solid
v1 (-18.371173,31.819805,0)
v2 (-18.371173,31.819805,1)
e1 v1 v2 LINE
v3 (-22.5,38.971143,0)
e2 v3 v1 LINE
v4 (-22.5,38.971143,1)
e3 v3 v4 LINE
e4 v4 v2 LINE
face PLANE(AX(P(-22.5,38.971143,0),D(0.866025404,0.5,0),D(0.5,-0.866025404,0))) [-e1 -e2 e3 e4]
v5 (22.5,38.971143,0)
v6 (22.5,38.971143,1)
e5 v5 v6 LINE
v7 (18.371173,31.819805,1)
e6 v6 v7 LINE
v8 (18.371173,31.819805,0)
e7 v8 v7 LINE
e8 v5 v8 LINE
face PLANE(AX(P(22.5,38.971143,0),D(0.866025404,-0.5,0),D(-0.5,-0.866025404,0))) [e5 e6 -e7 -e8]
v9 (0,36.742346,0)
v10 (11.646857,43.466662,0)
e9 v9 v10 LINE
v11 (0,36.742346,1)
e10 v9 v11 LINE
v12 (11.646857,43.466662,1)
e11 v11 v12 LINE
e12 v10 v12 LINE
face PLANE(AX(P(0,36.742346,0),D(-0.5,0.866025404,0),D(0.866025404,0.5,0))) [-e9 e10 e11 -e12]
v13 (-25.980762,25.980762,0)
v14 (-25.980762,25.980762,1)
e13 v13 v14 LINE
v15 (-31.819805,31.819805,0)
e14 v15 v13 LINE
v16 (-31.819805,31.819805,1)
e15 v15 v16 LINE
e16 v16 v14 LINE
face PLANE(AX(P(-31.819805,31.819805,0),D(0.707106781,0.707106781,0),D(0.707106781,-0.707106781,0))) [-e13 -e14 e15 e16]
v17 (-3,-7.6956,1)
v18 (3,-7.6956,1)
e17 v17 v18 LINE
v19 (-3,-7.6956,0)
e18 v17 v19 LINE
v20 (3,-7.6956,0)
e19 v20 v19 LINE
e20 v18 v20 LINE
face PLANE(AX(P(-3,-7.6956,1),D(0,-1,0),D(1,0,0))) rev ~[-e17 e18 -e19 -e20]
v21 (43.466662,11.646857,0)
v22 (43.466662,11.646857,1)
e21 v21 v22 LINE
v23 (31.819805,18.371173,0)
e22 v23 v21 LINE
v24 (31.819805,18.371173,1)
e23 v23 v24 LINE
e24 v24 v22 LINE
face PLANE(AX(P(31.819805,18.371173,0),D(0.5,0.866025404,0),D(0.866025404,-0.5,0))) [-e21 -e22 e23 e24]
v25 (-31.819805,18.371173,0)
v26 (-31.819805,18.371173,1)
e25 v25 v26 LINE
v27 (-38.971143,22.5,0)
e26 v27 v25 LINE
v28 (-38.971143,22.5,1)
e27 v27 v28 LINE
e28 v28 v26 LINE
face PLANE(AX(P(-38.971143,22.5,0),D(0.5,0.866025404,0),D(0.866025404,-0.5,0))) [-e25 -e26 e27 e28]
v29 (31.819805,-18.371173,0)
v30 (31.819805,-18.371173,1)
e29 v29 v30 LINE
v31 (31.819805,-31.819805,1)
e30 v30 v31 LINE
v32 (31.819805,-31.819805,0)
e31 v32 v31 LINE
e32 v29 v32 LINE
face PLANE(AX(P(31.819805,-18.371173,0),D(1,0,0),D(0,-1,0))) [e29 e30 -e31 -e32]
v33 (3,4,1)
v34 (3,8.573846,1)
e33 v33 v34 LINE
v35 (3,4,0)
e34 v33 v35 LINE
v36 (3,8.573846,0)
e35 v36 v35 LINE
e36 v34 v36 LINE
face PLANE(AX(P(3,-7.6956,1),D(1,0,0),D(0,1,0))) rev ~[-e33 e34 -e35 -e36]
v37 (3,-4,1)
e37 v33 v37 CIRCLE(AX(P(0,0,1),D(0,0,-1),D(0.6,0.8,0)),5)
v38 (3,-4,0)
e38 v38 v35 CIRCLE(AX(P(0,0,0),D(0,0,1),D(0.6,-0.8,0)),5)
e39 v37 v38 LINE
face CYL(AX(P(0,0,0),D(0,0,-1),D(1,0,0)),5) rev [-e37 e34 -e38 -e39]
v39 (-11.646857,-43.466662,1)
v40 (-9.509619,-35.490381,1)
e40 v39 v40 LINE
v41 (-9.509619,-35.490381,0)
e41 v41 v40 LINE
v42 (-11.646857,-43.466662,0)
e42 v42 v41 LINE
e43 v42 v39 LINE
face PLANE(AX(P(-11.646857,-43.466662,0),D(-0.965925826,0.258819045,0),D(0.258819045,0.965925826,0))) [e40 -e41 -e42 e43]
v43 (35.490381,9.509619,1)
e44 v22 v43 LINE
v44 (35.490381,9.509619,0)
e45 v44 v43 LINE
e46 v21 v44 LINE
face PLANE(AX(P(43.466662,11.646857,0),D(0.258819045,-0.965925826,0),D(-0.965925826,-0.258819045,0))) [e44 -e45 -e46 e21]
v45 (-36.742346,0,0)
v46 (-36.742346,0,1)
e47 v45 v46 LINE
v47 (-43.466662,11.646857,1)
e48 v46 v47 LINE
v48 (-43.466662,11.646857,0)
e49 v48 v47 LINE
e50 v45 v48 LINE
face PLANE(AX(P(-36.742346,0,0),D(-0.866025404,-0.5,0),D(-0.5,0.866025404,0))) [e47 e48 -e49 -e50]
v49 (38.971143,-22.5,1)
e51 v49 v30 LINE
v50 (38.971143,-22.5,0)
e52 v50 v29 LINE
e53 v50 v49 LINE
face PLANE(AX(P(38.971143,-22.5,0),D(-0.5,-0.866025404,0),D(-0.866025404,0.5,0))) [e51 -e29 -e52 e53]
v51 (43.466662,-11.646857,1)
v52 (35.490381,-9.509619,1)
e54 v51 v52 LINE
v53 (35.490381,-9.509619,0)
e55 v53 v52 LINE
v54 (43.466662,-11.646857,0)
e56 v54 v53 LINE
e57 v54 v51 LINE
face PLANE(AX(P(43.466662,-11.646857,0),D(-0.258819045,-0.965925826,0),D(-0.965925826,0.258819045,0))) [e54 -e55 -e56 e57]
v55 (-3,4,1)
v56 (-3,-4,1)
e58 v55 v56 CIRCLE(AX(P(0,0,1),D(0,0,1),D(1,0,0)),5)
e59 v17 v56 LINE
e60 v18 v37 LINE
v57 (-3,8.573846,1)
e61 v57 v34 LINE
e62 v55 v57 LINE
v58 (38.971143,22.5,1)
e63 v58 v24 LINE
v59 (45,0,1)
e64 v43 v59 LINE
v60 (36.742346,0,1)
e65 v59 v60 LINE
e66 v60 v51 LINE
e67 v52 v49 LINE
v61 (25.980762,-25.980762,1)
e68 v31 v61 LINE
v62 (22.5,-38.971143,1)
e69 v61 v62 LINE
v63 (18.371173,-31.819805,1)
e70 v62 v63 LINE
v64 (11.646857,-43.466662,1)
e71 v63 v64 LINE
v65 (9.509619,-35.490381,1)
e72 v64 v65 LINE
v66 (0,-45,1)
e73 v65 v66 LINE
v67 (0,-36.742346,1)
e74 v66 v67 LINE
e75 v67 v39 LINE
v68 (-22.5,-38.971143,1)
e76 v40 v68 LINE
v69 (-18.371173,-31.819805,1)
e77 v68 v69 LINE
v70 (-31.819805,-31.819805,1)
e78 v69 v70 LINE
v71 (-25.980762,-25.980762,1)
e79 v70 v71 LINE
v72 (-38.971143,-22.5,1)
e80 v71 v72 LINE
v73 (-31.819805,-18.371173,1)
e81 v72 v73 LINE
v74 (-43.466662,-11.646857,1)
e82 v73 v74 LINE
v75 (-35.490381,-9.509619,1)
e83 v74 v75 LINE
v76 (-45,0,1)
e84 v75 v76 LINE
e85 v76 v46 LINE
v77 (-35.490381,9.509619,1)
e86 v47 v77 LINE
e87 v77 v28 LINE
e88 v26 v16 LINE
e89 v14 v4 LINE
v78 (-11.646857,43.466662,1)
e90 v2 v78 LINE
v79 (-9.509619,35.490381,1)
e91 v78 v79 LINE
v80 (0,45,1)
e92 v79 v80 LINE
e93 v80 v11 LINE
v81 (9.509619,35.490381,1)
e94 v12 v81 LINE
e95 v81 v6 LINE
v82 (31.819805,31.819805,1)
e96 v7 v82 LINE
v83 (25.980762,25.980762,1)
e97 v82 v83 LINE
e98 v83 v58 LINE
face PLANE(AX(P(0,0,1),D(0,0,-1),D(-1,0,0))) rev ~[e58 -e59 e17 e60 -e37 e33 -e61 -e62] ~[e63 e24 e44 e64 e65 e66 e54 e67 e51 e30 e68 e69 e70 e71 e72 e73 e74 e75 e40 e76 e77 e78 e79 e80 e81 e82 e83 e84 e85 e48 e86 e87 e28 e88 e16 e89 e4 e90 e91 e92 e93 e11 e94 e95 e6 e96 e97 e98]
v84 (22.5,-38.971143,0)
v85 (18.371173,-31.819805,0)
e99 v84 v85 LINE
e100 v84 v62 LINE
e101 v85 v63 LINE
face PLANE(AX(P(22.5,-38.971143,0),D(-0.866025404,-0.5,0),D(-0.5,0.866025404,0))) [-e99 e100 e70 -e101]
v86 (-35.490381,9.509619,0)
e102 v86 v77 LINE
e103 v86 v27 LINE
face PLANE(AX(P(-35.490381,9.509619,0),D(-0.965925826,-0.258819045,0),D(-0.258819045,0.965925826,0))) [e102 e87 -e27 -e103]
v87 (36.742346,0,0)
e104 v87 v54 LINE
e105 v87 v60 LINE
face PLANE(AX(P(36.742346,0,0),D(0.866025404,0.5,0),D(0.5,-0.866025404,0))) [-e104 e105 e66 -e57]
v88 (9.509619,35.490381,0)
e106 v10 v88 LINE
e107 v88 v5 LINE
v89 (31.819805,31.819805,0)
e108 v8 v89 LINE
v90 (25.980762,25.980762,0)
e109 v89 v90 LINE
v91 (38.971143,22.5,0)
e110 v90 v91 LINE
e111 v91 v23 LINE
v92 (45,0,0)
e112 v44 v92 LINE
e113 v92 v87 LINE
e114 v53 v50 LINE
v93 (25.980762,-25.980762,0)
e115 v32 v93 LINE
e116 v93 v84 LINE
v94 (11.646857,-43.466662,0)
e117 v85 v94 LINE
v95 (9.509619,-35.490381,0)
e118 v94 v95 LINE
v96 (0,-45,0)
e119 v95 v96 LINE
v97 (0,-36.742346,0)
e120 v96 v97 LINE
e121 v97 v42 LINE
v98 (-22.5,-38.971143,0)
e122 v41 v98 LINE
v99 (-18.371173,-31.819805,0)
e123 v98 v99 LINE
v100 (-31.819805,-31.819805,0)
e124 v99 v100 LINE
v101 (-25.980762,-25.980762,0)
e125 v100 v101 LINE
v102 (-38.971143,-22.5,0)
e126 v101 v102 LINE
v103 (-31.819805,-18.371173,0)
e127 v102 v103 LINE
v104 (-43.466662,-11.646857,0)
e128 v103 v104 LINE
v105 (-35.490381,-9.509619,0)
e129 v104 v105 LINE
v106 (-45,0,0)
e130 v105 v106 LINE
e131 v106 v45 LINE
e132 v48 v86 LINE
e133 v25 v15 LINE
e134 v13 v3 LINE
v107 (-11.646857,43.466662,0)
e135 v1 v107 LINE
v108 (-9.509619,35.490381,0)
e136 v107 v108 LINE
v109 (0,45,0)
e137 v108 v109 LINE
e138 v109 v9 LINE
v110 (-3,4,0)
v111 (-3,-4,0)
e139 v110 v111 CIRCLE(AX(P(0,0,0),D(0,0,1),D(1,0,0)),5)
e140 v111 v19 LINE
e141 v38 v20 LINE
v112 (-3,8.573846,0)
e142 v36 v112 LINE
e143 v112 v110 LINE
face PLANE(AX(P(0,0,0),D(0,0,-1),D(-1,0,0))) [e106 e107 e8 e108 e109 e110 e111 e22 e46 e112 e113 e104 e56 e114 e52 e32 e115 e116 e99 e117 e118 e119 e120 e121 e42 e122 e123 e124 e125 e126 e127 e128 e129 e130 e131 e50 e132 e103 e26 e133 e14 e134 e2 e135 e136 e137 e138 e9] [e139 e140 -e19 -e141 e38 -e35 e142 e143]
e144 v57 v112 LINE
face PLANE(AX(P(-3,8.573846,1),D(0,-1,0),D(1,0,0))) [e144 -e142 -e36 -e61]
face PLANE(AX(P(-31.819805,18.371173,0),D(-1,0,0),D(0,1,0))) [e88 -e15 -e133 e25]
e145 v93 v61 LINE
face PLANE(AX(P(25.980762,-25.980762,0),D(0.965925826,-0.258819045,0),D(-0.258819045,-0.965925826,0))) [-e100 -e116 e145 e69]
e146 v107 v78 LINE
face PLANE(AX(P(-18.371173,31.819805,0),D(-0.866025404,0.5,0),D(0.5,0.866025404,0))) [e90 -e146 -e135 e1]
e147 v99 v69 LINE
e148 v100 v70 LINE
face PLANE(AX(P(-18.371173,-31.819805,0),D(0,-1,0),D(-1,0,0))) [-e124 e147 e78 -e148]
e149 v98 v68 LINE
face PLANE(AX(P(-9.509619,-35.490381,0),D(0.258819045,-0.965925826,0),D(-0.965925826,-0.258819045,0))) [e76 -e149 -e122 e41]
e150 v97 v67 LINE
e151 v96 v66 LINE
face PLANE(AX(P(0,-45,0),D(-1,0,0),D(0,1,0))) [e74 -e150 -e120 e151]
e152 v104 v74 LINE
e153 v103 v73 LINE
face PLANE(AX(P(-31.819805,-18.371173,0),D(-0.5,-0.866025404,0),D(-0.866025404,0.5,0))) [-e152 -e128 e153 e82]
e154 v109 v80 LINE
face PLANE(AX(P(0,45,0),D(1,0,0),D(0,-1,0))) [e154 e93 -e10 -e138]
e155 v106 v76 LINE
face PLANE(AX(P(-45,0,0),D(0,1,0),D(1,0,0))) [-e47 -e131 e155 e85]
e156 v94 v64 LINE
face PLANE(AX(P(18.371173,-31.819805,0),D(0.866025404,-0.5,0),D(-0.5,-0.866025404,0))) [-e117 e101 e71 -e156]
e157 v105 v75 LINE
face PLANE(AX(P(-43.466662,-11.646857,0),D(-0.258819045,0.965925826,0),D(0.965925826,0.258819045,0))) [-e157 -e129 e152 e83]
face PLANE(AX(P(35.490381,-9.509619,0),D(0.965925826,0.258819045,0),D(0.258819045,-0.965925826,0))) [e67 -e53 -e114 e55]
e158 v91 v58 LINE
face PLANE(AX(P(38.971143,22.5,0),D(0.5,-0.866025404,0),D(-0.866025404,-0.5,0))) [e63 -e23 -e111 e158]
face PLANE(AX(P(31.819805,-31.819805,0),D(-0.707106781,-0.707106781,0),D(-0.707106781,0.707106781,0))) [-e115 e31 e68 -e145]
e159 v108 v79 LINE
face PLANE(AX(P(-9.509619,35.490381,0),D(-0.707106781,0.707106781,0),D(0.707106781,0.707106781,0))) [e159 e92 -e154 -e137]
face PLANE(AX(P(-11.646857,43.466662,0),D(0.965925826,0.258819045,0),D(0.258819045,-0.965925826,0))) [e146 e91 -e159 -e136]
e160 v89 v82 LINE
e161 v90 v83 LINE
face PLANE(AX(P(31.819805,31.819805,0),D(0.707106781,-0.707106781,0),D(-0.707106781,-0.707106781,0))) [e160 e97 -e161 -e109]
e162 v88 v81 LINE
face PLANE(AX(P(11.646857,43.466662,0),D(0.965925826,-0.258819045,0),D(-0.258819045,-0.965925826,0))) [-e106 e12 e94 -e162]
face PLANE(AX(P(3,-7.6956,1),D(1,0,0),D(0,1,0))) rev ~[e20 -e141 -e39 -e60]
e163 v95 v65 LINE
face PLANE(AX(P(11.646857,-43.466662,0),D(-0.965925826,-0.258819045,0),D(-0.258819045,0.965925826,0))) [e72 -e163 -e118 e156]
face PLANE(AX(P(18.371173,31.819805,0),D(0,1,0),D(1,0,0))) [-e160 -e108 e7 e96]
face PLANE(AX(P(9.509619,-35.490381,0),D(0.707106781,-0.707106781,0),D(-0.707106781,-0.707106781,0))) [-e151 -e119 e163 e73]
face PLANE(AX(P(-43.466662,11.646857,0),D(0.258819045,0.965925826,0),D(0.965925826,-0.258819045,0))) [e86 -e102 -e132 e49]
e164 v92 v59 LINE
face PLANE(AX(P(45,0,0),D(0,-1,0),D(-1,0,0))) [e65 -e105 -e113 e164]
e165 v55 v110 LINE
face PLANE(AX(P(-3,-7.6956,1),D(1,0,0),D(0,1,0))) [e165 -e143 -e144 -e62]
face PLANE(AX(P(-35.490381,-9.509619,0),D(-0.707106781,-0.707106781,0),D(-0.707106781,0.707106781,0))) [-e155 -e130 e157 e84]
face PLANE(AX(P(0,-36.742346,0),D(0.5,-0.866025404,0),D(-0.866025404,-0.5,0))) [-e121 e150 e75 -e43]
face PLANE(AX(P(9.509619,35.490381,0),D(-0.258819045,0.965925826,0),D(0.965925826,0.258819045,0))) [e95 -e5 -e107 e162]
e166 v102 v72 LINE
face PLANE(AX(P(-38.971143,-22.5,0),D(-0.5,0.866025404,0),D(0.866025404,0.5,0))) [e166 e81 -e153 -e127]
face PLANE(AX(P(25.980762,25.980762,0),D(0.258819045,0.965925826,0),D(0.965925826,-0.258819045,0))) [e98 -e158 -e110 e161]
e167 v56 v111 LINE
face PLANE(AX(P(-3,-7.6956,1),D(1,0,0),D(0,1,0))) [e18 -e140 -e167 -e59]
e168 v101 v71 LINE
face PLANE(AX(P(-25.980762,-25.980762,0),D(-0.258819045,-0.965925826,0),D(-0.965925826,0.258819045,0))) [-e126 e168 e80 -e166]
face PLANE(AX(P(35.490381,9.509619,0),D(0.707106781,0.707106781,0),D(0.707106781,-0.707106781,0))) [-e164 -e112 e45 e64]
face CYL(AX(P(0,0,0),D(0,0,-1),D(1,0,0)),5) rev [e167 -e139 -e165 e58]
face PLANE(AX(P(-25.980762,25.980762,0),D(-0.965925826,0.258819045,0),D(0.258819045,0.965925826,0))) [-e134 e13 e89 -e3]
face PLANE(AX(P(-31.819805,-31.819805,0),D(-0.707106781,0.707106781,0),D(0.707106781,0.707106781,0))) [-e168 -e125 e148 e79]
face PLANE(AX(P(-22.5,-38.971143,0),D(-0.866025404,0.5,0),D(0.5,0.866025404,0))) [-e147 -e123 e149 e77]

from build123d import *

# Parameters (mm, degrees)
SKETCH1_R           = 5
BOSS_EXTRUDE1_DEPTH = 1
SKETCH3_W           = 6
SKETCH3_H           = 16.269445872
CUT_EXTRUDE1_DEPTH  = 10


with BuildPart() as part:
    # Sketch1 → Boss-Extrude1 (new body)
    with BuildSketch(Plane.XY):
        Polygon((0, 45), (0, 36.742346142), (11.64685703, 43.466662183), (9.509618943, 35.490381057), (22.5, 38.97114317), (18.371173071, 31.819805153), (31.819805153, 31.819805153), (25.980762114, 25.980762114), (38.97114317, 22.5), (31.819805153, 18.371173071), (43.466662183, 11.64685703), (35.490381057, 9.509618943), (45, 0), (36.742346142, 0), (43.466662183, -11.64685703), (35.490381057, -9.509618943), (38.97114317, -22.5), (31.819805153, -18.371173071), (31.819805153, -31.819805153), (25.980762114, -25.980762114), (22.5, -38.97114317), (18.371173071, -31.819805153), (11.64685703, -43.466662183), (9.509618943, -35.490381057), (0, -45), (0, -36.742346142), (-11.64685703, -43.466662183), (-9.509618943, -35.490381057), (-22.5, -38.97114317), (-18.371173071, -31.819805153), (-31.819805153, -31.819805153), (-25.980762114, -25.980762114), (-38.97114317, -22.5), (-31.819805153, -18.371173071), (-43.466662183, -11.64685703), (-35.490381057, -9.509618943), (-45, 0), (-36.742346142, 0), (-43.466662183, 11.64685703), (-35.490381057, 9.509618943), (-38.97114317, 22.5), (-31.819805153, 18.371173071), (-31.819805153, 31.819805153), (-25.980762114, 25.980762114), (-22.5, 38.97114317), (-18.371173071, 31.819805153), (-11.64685703, 43.466662183), (-9.509618943, 35.490381057), align=None)
        Circle(SKETCH1_R, mode=Mode.SUBTRACT)
    extrude(amount=BOSS_EXTRUDE1_DEPTH)

    # Sketch3 → Cut-Extrude1 (cut)
    with BuildSketch(Plane.XY.offset(1)):
        with Locations((0, 0.439123073)):
            Rectangle(SKETCH3_W, SKETCH3_H)
    extrude(amount=-CUT_EXTRUDE1_DEPTH, mode=Mode.SUBTRACT)


solid = part.part
